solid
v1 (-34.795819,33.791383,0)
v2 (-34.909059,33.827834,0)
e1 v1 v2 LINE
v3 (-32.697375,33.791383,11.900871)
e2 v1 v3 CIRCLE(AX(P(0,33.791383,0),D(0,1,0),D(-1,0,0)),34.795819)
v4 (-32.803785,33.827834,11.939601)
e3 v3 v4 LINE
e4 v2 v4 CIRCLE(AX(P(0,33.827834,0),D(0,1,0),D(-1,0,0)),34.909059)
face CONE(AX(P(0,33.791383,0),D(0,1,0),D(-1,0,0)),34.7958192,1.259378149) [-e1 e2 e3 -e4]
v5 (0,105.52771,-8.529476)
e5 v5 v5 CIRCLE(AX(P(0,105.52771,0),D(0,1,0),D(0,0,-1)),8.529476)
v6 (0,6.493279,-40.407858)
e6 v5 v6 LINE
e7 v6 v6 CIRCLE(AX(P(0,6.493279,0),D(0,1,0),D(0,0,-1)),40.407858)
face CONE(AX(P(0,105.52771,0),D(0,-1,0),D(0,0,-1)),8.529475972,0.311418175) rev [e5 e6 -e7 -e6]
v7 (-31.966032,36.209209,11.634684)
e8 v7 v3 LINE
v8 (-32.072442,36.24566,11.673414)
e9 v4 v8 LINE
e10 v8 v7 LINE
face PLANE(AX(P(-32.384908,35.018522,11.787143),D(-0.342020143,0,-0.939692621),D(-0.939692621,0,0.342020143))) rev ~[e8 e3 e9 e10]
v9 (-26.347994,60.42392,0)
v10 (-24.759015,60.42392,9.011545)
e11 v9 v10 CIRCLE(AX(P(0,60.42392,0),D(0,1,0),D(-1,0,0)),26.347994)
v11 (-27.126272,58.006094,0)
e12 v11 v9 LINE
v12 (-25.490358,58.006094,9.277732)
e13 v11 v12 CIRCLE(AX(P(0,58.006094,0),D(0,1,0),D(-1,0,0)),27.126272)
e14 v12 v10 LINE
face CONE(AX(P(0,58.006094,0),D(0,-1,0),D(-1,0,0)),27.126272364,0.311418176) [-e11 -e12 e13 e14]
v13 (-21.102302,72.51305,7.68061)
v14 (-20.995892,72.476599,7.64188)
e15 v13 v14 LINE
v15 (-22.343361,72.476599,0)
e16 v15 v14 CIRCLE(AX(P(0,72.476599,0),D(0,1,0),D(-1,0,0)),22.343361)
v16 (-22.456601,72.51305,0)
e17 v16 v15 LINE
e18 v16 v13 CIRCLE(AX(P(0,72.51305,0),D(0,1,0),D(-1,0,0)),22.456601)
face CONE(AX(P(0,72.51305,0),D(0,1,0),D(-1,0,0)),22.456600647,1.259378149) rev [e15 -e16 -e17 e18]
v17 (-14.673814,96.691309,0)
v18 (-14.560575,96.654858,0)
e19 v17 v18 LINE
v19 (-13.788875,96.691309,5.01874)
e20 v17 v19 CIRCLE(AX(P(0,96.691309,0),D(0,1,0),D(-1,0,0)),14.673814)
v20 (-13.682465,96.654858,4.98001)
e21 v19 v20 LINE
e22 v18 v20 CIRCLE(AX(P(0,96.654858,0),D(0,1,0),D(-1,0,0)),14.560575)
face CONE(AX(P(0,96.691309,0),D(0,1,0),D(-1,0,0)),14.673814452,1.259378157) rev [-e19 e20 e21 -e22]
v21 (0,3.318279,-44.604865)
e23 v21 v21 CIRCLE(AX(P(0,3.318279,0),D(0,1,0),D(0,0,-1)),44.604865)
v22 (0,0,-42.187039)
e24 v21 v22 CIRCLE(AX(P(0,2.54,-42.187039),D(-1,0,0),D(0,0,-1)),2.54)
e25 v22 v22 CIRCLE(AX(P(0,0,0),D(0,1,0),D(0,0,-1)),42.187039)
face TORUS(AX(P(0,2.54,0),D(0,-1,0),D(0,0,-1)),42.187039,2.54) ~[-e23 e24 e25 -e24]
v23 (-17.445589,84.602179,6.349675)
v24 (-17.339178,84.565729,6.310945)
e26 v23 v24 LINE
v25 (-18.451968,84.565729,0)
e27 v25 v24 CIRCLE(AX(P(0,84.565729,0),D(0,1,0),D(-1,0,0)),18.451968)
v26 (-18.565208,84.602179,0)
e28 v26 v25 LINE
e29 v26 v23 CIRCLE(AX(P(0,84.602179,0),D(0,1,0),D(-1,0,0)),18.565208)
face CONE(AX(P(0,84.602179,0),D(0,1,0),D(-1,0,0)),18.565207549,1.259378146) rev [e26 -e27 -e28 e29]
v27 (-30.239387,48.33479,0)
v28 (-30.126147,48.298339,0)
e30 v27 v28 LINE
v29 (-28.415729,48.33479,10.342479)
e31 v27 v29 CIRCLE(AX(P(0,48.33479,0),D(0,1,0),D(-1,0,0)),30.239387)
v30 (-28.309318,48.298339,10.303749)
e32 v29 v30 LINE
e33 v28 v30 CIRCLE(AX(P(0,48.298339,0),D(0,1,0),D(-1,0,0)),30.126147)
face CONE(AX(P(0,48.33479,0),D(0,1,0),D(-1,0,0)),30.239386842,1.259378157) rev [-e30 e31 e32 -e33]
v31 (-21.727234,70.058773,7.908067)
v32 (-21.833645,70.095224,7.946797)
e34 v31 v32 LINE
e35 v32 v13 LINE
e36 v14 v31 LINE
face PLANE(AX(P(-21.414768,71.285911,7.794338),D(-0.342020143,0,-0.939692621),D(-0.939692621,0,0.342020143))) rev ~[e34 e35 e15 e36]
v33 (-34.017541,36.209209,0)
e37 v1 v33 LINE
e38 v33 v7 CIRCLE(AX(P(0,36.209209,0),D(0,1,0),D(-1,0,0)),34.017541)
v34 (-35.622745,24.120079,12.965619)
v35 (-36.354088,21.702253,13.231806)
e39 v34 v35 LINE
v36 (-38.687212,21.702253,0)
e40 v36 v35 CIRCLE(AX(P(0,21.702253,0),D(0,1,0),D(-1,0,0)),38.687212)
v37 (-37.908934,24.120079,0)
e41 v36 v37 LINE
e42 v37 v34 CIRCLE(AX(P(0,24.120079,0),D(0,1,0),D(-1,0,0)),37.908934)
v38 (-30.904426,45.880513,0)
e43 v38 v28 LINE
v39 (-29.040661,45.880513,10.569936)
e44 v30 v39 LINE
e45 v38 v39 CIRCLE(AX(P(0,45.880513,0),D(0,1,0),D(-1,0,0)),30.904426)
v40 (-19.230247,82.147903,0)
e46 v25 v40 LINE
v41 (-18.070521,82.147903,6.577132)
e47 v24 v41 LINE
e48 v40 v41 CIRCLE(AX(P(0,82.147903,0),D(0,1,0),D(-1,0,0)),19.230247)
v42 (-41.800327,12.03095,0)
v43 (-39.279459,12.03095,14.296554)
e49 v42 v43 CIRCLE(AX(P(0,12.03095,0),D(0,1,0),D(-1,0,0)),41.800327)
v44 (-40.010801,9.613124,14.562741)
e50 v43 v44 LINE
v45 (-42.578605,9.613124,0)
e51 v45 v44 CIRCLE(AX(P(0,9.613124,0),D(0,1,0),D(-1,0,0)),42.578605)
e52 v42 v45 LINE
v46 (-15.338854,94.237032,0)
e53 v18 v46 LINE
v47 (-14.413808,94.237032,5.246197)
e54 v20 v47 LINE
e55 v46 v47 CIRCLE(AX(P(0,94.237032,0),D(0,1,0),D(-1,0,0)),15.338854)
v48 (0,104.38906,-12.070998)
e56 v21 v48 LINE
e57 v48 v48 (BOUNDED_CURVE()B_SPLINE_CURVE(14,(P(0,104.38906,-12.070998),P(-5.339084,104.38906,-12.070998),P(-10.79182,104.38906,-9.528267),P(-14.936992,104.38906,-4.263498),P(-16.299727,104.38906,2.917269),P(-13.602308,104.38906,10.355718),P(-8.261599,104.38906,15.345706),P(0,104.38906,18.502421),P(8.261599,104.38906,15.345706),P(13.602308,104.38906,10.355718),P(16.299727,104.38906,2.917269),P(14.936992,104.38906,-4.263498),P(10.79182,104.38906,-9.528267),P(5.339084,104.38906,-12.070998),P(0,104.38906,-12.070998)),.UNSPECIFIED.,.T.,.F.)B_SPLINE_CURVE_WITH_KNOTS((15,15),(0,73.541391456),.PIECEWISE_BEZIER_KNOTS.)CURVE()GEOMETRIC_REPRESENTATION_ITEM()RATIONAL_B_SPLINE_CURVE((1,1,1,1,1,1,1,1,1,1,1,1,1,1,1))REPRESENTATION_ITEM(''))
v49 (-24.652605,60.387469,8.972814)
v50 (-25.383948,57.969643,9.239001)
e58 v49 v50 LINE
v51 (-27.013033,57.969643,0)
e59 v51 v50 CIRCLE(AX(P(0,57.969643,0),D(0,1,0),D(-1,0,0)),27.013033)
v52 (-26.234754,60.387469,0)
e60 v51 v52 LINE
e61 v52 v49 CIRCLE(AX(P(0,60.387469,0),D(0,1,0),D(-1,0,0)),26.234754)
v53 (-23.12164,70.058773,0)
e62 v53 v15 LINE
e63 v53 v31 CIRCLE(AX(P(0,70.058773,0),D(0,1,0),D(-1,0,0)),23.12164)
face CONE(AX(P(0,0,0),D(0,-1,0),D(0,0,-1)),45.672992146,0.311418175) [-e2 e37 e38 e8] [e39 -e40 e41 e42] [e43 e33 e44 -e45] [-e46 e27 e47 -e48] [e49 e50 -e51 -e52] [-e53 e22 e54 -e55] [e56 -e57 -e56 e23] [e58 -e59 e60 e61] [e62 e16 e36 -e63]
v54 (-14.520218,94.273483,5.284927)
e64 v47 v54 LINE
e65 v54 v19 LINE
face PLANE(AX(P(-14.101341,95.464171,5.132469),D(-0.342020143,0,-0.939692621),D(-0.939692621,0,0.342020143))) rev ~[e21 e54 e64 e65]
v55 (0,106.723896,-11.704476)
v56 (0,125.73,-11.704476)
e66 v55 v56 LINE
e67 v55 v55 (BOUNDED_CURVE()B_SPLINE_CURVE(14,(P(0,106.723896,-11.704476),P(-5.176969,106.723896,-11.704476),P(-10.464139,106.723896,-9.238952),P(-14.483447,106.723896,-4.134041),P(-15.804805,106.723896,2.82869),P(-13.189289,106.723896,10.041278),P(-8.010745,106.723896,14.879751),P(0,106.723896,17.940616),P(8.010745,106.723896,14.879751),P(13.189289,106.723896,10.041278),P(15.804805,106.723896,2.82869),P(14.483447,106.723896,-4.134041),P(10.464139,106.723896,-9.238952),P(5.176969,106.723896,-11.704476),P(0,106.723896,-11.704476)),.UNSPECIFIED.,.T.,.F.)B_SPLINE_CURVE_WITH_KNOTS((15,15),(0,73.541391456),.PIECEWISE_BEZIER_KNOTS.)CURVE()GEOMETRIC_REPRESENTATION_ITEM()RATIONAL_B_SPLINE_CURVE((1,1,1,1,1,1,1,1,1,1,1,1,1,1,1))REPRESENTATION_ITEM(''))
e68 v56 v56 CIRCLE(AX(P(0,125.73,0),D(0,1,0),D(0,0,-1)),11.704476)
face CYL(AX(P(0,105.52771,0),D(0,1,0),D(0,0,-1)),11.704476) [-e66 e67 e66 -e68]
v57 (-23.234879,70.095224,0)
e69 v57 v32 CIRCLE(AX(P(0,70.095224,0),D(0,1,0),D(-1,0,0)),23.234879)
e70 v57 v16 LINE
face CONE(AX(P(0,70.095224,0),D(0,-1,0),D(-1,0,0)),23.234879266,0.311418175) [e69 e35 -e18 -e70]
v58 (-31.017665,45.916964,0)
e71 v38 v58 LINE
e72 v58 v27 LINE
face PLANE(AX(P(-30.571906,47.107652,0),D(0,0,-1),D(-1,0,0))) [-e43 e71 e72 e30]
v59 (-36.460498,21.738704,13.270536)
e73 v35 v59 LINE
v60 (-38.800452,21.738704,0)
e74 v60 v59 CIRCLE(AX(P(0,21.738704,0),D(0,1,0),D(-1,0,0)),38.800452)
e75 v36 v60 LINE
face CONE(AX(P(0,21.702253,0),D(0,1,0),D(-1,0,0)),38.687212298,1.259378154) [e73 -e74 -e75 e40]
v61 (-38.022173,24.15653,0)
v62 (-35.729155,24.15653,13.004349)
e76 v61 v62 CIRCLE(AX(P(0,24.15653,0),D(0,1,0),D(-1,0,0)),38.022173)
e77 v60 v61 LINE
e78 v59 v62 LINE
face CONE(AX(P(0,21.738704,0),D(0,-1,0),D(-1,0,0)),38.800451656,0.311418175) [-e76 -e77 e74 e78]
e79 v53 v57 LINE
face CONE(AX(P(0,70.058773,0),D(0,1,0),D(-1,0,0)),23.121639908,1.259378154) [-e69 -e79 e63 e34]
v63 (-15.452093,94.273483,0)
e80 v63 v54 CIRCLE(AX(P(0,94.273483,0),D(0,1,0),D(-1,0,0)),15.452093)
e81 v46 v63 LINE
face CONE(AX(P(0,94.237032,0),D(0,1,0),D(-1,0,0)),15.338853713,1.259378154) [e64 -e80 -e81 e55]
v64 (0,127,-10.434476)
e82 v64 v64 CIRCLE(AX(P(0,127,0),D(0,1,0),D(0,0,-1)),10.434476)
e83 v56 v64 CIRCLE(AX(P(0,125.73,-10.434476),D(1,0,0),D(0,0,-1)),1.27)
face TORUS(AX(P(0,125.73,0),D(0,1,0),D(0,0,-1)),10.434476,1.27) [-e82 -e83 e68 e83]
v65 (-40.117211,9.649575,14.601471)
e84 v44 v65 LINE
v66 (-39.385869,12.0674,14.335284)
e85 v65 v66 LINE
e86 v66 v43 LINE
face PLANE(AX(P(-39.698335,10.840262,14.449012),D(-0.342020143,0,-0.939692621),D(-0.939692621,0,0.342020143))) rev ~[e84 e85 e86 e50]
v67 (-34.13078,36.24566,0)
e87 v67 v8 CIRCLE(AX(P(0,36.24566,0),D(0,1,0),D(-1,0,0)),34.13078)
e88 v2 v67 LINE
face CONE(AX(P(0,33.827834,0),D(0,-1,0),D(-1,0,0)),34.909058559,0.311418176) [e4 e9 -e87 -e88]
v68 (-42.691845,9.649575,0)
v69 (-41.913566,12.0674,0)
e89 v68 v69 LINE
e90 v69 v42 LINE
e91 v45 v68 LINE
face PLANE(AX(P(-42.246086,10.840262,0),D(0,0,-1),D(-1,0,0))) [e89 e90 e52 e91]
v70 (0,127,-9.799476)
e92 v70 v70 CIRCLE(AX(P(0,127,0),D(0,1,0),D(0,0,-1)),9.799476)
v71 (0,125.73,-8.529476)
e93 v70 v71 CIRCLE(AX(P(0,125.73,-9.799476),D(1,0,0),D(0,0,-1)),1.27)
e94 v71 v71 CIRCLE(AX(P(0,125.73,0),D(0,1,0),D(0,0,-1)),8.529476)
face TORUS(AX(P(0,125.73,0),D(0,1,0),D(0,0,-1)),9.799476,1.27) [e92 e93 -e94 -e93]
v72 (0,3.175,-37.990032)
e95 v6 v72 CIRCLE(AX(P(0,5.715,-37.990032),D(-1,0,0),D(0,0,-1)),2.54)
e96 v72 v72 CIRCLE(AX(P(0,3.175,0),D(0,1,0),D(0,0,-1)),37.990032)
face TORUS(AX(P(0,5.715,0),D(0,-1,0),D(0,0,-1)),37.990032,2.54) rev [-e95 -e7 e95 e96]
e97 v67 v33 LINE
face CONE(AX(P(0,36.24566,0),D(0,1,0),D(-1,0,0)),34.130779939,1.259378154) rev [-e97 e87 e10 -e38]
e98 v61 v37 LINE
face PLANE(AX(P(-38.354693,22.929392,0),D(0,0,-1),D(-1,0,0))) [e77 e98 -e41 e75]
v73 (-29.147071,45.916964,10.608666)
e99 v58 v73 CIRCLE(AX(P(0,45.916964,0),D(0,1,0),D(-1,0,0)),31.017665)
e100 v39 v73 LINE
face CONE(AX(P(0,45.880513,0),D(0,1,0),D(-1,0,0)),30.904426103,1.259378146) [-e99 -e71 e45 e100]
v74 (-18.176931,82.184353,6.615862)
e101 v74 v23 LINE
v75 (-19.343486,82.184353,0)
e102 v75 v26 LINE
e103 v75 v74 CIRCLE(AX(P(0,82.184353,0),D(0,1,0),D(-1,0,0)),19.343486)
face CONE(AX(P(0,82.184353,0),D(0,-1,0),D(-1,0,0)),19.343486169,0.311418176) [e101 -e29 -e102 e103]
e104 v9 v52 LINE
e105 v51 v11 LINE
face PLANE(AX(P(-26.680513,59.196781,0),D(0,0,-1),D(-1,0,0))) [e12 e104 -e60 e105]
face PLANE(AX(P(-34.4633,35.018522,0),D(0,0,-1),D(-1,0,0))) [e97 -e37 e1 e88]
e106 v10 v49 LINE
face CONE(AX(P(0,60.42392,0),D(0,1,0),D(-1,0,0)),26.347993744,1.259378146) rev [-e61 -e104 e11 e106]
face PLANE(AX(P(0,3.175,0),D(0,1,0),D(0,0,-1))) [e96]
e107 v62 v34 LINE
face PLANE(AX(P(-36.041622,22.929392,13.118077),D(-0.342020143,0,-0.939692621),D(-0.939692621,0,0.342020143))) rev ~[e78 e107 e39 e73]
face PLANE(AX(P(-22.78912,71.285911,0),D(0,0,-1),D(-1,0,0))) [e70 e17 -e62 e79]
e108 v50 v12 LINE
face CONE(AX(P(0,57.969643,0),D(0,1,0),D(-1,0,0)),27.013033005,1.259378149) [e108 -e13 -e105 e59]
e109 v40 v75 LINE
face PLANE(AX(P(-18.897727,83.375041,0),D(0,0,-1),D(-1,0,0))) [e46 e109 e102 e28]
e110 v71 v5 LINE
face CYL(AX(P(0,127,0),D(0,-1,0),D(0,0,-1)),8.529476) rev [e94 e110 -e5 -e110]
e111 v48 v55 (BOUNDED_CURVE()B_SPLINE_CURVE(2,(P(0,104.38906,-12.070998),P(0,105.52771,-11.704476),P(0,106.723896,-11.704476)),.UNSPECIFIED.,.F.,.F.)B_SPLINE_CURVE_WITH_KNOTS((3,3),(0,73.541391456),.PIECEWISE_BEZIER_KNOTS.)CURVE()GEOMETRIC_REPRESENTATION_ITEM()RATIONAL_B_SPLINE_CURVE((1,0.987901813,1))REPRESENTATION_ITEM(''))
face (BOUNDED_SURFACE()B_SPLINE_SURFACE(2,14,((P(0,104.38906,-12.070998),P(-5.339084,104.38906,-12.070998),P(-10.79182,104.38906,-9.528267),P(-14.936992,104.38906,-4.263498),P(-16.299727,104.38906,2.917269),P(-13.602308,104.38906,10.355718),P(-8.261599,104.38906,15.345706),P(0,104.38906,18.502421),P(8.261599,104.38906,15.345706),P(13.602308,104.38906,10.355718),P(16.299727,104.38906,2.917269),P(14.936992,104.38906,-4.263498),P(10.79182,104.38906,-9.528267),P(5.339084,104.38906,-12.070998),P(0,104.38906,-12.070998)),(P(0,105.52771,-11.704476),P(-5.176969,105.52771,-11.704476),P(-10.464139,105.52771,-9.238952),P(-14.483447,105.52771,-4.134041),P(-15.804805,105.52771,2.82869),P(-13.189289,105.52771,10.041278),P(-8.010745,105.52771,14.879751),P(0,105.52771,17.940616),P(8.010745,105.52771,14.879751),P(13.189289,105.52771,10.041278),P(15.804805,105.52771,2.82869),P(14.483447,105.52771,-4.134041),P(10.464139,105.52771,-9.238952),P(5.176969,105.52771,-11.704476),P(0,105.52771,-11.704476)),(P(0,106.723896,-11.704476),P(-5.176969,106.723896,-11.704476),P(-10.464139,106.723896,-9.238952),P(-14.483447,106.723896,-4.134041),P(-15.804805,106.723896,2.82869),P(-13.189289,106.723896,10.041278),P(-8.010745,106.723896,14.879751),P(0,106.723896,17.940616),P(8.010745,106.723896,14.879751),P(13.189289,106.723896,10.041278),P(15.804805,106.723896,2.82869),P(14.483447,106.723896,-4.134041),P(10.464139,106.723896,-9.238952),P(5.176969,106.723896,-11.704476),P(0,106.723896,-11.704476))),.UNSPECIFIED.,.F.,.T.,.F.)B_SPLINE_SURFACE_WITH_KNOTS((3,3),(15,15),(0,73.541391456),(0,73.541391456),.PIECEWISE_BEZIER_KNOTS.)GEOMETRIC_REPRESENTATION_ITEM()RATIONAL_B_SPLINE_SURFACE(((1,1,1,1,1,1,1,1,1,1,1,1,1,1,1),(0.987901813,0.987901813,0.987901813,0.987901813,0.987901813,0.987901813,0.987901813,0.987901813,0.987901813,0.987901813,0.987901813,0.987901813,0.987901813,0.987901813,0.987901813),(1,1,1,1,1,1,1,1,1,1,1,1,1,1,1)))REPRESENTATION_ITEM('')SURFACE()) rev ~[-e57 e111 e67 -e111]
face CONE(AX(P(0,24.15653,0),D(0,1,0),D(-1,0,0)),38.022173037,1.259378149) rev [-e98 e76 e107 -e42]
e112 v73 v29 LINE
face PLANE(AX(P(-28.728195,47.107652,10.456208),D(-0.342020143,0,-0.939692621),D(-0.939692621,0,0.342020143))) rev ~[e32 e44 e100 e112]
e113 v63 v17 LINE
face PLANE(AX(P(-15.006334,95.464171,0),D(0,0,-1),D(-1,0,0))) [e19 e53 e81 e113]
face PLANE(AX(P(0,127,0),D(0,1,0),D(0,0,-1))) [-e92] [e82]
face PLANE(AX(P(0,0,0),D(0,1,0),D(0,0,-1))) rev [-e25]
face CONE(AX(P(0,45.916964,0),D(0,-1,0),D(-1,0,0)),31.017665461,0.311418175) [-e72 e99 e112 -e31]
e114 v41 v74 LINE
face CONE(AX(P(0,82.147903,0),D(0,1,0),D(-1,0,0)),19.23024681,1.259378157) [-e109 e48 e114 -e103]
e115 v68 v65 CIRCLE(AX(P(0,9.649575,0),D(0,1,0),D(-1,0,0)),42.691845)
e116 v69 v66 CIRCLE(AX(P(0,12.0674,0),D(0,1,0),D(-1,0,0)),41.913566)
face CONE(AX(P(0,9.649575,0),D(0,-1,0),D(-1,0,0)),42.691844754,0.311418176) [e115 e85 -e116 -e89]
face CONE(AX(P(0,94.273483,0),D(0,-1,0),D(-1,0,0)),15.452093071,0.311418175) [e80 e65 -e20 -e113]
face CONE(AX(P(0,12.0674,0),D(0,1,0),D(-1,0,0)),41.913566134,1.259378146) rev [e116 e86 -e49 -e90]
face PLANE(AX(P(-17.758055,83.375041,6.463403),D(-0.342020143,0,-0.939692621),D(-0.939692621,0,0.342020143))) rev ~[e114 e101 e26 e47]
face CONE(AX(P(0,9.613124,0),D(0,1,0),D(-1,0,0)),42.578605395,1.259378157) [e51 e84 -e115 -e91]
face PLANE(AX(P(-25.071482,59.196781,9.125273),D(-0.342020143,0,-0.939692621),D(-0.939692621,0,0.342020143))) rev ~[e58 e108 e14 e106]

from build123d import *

# Parameters (mm, degrees)
FILLET1_R      = 7.62
FILLET2_R      = 1.27
FILLET3_R      = 2.54
FILLET4_R      = 2.54
REVOLVE2_ANGLE = 20


with BuildPart() as part:
    # Sketch2 → Revolve1 (revolve)
    with BuildSketch(Plane.XY, mode=Mode.PRIVATE) as revolve1_sk:
        Polygon((-11.704475972, 127), (-8.529475972, 127), (-8.529475972, 105.527709861), (-41.475985329, 3.175), (0, 3.175), (0, 0), (-45.672992146, 0), (-11.704475972, 105.527709861), align=None)
    revolve(revolve1_sk.sketch.rotate(Axis((0, 0, 0), (0, 1, 0)), 270), axis=Axis((0, 0, 0), (0, 1, 0)))

    # Fillet1
    fillet1_edges = [part.edges().sort_by_distance(p)[0] for p in [
        (0, 105.527709861, 11.704475972),
    ]]
    fillet(fillet1_edges, radius=FILLET1_R)

    # Fillet2
    fillet2_edges = [part.edges().sort_by_distance(p)[0] for p in [
        (0, 127, 11.704475972),
        (0, 127, 8.529475972),
    ]]
    fillet(fillet2_edges, radius=FILLET2_R)

    # Fillet3
    fillet3_edges = [part.edges().sort_by_distance(p)[0] for p in [
        (0, 0, 45.672992146),
    ]]
    fillet(fillet3_edges, radius=FILLET3_R)

    # Fillet4
    fillet4_edges = [part.edges().sort_by_distance(p)[0] for p in [
        (0, 3.175, 41.475985329),
    ]]
    fillet(fillet4_edges, radius=FILLET4_R)

    # Sketch3 → Revolve2 (revolve)
    with BuildSketch(Plane.XY):
        Polygon((-42.578605395, 9.61312368), (-42.691844754, 9.649574513), (-41.913566134, 12.067400477), (-41.800326776, 12.030949643), align=None)
        Polygon((-38.687212298, 21.702253498), (-38.800451656, 21.738704331), (-38.022173037, 24.156530295), (-37.908933678, 24.120079461), align=None)
        Polygon((-34.7958192, 33.791383316), (-34.909058559, 33.82783415), (-34.130779939, 36.245660113), (-34.017540581, 36.20920928), align=None)
        Polygon((-30.904426103, 45.880513134), (-31.017665461, 45.916963968), (-30.239386842, 48.334789931), (-30.126147483, 48.298339098), align=None)
        Polygon((-27.013033005, 57.969642952), (-27.126272364, 58.006093786), (-26.347993744, 60.42391975), (-26.234754386, 60.387468916), align=None)
        Polygon((-23.121639908, 70.058772771), (-23.234879266, 70.095223604), (-22.456600647, 72.513049568), (-22.343361288, 72.476598734), align=None)
        Polygon((-19.23024681, 82.147902589), (-19.343486169, 82.184353422), (-18.565207549, 84.602179386), (-18.451968191, 84.565728552), align=None)
        Polygon((-15.338853713, 94.237032407), (-15.452093071, 94.27348324), (-14.673814452, 96.691309204), (-14.560575093, 96.654858371), align=None)
    revolve(axis=Axis((0, 0, 0), (0, 1, 0)), revolution_arc=REVOLVE2_ANGLE)


solid = part.part
